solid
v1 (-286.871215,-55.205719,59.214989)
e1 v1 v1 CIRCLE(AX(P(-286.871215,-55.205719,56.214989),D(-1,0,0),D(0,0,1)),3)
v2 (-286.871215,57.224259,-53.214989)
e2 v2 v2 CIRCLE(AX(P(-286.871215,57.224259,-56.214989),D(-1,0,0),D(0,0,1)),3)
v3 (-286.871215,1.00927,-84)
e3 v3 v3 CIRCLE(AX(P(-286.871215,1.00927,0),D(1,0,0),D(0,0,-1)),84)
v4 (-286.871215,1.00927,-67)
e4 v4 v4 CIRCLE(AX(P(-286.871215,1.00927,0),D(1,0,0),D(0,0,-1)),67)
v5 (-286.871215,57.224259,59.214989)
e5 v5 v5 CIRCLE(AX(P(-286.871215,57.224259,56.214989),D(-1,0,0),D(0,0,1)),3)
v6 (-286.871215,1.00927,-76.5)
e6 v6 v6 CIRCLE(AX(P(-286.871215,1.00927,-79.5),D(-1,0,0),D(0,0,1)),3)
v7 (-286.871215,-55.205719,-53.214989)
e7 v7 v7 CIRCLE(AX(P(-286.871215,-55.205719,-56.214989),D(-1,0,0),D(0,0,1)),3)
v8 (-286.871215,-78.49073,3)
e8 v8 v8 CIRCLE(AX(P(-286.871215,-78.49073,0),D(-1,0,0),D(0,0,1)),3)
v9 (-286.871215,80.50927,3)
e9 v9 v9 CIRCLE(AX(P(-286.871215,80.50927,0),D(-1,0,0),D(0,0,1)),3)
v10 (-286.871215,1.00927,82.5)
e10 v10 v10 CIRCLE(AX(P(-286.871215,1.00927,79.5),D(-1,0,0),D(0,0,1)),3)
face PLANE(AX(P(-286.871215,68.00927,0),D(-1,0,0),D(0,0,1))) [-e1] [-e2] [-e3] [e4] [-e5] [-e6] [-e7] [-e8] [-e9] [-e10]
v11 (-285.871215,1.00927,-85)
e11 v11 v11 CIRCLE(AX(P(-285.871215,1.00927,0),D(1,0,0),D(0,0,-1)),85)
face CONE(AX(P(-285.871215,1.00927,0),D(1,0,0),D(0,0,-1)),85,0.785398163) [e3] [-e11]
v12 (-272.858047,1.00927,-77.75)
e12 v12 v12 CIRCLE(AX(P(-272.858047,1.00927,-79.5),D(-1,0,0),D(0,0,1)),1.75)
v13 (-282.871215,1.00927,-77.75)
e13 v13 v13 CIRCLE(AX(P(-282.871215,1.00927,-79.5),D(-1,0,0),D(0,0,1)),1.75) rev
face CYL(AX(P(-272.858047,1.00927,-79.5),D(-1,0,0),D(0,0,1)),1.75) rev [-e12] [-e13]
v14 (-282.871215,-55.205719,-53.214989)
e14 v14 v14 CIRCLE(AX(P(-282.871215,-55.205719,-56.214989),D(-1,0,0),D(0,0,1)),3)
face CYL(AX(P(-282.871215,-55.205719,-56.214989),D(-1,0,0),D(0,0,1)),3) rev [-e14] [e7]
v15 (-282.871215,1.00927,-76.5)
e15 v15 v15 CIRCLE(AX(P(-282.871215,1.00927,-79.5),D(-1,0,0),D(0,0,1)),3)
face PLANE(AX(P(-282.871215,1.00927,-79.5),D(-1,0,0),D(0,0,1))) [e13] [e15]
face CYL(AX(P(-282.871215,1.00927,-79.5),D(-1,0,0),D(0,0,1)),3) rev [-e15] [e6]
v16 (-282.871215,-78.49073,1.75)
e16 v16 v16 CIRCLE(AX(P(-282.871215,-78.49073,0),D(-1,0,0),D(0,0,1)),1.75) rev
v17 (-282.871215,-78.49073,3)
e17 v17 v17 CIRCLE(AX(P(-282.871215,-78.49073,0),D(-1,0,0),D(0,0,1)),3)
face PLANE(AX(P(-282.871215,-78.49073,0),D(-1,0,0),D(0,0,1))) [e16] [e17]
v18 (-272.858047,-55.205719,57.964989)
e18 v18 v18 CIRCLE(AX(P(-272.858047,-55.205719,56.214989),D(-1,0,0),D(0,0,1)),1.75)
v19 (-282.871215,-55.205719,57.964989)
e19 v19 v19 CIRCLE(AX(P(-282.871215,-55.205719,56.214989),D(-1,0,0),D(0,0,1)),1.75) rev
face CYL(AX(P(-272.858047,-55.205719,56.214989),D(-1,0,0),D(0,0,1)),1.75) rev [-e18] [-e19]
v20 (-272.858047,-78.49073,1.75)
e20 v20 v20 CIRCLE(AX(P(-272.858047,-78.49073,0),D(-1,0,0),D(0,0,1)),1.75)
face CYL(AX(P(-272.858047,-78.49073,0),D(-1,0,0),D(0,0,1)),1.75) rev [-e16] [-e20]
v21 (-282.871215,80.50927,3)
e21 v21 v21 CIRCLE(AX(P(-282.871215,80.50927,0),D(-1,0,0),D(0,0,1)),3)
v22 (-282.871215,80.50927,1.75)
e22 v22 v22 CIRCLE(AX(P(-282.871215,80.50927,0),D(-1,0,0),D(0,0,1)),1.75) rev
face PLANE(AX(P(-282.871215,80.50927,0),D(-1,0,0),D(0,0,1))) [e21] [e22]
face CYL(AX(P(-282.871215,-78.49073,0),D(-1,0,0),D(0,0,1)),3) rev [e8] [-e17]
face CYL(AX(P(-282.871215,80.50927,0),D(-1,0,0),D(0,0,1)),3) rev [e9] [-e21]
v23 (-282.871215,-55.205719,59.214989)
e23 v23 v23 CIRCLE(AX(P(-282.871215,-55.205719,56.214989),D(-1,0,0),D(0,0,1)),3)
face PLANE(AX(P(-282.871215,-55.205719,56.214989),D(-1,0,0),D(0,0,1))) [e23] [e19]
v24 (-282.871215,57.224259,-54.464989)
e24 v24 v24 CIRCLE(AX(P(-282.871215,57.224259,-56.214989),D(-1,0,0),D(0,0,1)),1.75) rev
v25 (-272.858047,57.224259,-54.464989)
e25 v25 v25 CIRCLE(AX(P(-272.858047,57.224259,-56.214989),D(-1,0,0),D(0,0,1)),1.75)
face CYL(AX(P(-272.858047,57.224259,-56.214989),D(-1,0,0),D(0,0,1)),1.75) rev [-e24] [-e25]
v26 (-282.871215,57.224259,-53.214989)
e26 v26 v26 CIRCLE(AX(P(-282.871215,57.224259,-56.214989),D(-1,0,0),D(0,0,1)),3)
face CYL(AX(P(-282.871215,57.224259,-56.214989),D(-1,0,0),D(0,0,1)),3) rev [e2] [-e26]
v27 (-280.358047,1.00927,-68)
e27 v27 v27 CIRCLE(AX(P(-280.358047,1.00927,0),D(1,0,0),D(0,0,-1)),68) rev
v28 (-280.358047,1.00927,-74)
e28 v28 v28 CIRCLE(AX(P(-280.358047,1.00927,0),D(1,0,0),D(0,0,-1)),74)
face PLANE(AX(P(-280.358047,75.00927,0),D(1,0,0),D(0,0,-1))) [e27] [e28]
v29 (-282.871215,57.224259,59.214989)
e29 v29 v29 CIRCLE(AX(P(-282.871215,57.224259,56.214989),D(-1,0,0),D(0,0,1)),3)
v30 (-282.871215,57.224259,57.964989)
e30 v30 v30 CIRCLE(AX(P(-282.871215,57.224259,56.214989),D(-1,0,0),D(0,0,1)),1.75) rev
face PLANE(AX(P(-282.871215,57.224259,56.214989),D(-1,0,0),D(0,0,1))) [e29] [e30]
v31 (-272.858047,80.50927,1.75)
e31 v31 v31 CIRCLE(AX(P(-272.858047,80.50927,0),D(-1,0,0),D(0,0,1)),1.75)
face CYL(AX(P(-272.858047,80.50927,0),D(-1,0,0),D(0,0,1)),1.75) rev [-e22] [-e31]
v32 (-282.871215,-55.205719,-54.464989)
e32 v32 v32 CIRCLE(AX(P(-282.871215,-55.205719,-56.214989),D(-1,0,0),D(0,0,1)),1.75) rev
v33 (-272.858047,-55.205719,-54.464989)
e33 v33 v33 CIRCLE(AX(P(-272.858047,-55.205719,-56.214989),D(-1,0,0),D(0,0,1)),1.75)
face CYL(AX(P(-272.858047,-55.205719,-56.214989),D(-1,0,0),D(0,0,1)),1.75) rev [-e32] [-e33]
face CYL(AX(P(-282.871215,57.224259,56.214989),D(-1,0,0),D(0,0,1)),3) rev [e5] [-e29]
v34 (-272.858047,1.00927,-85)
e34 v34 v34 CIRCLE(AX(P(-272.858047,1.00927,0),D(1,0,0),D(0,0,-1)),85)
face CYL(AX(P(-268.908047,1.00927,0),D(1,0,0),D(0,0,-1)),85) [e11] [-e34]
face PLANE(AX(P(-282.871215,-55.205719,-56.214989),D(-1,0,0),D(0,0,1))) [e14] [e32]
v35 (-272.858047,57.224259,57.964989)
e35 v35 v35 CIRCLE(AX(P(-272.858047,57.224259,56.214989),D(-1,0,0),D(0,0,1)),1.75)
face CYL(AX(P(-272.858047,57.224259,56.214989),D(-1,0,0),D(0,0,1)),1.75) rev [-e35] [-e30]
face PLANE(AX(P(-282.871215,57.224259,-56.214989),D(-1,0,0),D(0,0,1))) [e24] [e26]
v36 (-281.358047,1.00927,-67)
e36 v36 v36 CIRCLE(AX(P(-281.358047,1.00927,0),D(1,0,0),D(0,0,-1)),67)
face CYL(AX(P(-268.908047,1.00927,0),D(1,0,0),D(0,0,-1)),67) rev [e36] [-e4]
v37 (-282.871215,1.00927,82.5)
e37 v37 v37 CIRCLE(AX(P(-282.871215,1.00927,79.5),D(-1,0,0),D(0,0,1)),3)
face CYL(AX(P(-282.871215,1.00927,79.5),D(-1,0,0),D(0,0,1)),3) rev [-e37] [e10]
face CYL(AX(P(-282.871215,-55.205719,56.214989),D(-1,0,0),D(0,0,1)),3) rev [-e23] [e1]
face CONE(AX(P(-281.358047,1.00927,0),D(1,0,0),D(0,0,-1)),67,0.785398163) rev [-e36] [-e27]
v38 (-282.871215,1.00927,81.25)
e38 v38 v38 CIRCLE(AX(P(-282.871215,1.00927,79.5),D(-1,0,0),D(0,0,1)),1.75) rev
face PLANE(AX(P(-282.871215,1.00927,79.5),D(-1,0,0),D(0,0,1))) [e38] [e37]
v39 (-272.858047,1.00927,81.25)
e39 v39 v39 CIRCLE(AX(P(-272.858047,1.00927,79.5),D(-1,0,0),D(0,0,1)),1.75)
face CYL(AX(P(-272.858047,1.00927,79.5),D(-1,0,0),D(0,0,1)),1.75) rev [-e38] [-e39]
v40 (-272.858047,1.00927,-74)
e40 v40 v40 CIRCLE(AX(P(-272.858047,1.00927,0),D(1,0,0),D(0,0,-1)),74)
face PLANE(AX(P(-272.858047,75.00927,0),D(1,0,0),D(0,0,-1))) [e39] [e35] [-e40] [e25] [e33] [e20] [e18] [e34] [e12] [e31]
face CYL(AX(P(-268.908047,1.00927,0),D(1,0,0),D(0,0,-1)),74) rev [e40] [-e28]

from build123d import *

# Parameters (mm, degrees)
SZKIC2_R                   = 1.75
WYTNIJ_WYCI_GNI_CIE1_DEPTH = 15.013168353
SZKIC4_R                   = 3
WYTNIJ_WYCI_GNI_CIE2_DEPTH = 4
SFAZOWANIE1_SIZE           = 1


with BuildPart() as part:
    # Szkic1 → Obrót1 (revolve)
    with BuildSketch(Plane.XY):
        Polygon((-272.858046523, 75.009269975), (-280.358046523, 75.009269975), (-280.358046523, 68.009269975), (-286.871214876, 68.009269975), (-286.871214876, 85.009269975), (-285.871214876, 86.009269975), (-272.858046523, 86.009269975), align=None)
    revolve(axis=Axis((-268.908046523, 1.009269975, 0), (-1, 0, 0)))

    # Szkic2 → Wytnij-wyciągnięcie1 (cut, through all)
    with BuildSketch(Plane.ZY.offset(286.871214876)):
        with Locations((79.5, 1.009269975)):
            Circle(SZKIC2_R)
        with Locations((56.214989104, -55.20571913)):
            Circle(SZKIC2_R)
        with Locations((0, -78.490730025)):
            Circle(SZKIC2_R)
        with Locations((-56.214989104, -55.20571913)):
            Circle(SZKIC2_R)
        with Locations((-79.5, 1.009269975)):
            Circle(SZKIC2_R)
        with Locations((-56.214989104, 57.224259079)):
            Circle(SZKIC2_R)
        with Locations((0, 80.509269975)):
            Circle(SZKIC2_R)
        with Locations((56.214989104, 57.224259079)):
            Circle(SZKIC2_R)
    extrude(amount=-WYTNIJ_WYCI_GNI_CIE1_DEPTH, mode=Mode.SUBTRACT)

    # Szkic4 → Wytnij-wyciągnięcie2 (cut)
    with BuildSketch(Plane.ZY.offset(286.871214876)):
        with Locations((79.5, 1.009269975)):
            Circle(SZKIC4_R)
        with Locations((56.214989104, -55.20571913)):
            Circle(SZKIC4_R)
        with Locations((0, -78.490730025)):
            Circle(SZKIC4_R)
        with Locations((-56.214989104, -55.20571913)):
            Circle(SZKIC4_R)
        with Locations((-79.5, 1.009269975)):
            Circle(SZKIC4_R)
        with Locations((-56.214989104, 57.224259079)):
            Circle(SZKIC4_R)
        with Locations((0, 80.509269975)):
            Circle(SZKIC4_R)
        with Locations((56.214989104, 57.224259079)):
            Circle(SZKIC4_R)
    extrude(amount=-WYTNIJ_WYCI_GNI_CIE2_DEPTH, mode=Mode.SUBTRACT)

    # Sfazowanie1
    sfazowanie1_edges = [part.edges().sort_by_distance(p)[0] for p in [
        (-280.358046523, -65.990730025, 0),
    ]]
    chamfer(sfazowanie1_edges, length=SFAZOWANIE1_SIZE)


solid = part.part
